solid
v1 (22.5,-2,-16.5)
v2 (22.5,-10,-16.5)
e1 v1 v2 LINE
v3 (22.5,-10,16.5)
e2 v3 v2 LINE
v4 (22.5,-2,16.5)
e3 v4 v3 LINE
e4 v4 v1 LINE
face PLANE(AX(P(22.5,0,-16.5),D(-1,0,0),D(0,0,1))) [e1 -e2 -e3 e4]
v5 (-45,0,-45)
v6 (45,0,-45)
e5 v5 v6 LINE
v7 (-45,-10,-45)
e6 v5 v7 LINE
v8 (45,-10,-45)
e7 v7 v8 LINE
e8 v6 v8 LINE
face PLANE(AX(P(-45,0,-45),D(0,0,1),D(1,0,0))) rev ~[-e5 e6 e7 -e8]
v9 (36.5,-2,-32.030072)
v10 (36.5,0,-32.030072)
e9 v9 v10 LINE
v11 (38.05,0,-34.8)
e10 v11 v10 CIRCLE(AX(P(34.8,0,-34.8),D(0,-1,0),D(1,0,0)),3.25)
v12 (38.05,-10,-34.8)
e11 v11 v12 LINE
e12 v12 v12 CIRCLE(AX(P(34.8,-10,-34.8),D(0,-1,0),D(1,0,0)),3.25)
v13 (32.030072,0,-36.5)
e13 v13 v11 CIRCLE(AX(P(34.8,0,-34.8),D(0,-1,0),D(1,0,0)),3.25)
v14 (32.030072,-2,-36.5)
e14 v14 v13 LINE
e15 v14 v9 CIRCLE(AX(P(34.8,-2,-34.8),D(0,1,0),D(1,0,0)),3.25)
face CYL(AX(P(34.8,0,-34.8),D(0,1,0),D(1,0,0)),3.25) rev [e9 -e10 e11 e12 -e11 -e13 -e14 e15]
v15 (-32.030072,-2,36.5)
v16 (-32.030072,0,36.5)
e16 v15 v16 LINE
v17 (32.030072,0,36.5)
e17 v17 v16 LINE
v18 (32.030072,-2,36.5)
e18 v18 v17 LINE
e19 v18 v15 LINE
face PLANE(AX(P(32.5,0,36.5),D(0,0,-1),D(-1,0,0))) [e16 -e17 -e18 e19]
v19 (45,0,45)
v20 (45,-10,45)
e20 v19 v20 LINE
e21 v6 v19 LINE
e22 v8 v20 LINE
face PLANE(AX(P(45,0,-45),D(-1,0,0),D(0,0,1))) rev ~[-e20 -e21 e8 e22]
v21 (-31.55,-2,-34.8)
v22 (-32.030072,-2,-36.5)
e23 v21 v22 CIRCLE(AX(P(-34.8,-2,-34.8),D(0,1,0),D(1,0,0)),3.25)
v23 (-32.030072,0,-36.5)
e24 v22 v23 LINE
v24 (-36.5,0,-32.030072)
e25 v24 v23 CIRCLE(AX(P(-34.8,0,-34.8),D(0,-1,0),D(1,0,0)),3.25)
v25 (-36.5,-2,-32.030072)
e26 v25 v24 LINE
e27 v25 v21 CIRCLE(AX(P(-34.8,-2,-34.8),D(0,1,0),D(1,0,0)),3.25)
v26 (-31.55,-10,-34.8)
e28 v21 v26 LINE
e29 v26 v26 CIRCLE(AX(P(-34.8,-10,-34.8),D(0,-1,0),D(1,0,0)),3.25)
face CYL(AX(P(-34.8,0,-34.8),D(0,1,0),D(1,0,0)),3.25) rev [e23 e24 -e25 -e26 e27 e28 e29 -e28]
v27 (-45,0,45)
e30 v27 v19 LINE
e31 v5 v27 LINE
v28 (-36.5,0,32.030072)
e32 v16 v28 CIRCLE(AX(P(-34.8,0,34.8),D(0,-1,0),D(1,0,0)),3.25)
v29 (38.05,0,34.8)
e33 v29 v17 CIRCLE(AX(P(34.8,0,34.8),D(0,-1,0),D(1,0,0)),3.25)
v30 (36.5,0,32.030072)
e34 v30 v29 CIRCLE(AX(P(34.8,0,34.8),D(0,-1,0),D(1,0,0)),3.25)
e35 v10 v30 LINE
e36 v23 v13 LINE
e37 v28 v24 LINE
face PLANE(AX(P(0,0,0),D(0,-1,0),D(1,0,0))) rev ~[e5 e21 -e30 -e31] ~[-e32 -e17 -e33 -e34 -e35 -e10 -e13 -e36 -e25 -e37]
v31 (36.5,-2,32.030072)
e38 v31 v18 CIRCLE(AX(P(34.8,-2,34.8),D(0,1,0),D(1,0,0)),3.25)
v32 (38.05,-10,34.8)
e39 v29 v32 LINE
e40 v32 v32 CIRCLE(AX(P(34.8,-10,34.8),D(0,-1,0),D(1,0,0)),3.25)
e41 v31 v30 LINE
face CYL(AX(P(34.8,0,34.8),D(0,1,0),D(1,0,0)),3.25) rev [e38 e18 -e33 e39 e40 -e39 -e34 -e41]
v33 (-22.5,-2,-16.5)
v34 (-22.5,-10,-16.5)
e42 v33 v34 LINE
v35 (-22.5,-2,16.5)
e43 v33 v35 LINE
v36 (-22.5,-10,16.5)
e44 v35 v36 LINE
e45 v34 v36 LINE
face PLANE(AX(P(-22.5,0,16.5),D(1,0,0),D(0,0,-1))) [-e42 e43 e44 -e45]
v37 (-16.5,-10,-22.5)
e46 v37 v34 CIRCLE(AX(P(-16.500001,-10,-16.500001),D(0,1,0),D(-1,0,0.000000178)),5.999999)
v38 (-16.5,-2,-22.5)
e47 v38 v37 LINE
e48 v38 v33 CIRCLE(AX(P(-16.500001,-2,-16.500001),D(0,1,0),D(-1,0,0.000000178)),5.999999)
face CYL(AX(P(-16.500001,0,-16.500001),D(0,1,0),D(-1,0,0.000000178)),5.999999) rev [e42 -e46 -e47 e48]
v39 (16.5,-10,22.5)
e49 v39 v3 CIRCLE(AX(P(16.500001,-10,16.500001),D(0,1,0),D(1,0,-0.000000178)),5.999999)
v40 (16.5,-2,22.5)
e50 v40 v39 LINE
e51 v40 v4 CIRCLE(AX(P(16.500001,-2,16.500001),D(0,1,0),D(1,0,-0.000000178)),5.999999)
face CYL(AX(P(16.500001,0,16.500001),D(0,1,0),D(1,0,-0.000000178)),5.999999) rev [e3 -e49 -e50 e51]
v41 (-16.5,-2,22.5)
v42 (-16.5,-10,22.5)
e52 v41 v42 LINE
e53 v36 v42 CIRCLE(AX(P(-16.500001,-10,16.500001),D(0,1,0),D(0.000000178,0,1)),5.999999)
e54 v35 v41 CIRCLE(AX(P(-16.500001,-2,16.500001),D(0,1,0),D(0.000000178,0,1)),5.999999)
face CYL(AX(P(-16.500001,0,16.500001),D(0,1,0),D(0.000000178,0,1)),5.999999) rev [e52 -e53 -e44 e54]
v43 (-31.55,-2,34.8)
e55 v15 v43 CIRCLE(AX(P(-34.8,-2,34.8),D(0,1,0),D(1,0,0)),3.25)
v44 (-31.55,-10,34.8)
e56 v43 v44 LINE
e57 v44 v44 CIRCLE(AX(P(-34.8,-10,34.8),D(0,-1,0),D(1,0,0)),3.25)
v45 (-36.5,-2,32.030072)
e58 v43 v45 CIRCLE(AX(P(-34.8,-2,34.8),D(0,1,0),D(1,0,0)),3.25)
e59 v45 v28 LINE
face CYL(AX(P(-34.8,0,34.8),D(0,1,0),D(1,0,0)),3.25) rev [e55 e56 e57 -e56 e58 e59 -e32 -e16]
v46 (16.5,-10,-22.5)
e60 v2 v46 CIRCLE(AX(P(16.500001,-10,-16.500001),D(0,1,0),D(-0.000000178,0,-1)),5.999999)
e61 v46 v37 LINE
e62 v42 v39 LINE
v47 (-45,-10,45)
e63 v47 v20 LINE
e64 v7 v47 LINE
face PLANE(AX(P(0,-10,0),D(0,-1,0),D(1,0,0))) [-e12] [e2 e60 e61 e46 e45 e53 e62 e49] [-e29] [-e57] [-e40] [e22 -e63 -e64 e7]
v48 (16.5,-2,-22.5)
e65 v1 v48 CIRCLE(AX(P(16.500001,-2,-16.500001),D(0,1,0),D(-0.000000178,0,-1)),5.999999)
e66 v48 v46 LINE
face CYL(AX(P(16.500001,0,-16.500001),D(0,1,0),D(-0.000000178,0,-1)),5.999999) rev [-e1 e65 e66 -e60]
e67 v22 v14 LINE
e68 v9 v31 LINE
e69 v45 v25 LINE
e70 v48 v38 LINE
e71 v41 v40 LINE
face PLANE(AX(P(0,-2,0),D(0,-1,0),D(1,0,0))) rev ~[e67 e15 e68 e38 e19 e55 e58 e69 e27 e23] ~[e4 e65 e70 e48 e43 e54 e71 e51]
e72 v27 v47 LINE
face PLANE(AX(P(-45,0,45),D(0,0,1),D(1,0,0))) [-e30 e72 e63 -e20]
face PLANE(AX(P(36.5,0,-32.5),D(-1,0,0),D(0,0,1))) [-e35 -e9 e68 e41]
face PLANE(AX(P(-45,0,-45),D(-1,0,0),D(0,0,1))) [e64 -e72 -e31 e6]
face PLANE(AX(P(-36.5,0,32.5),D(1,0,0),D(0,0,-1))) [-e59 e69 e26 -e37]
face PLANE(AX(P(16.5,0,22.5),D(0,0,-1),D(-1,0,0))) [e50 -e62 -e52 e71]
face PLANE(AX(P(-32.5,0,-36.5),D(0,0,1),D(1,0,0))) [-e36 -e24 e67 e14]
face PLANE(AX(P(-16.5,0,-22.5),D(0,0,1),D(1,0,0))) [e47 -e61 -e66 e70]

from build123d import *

# Parameters (mm, degrees)
F0_W     = 90
F0_H     = 90
F0_R     = 3.25
F1_DEPTH = 10
F3_DEPTH = 2
F5_DEPTH = 10.001


with BuildPart() as f1:
    # F0 (on Front) → F1 (new body)
    with BuildSketch(Plane.XZ):
        Rectangle(F0_W, F0_H)
        with Locations((-34.8, -34.8)):
            Circle(F0_R, mode=Mode.SUBTRACT)
        with Locations((34.8, -34.8)):
            Circle(F0_R, mode=Mode.SUBTRACT)
        with Locations((-34.8, 34.8)):
            Circle(F0_R, mode=Mode.SUBTRACT)
        with Locations((34.8, 34.8)):
            Circle(F0_R, mode=Mode.SUBTRACT)
    extrude(amount=F1_DEPTH)

    # F2 (on Front) → F3 (cut)
    with BuildSketch(Plane.XZ):
        with BuildLine():
            ThreePointArc((36.5, 32.5), (35.328427, 35.328427), (32.5, 36.5))
            Line((32.5, 36.5), (-32.5, 36.5))
            ThreePointArc((-32.5, 36.5), (-35.328427, 35.328427), (-36.5, 32.5))
            Line((-36.5, 32.5), (-36.5, -32.5))
            ThreePointArc((-36.5, -32.5), (-35.328427, -35.328427), (-32.5, -36.5))
            Line((-32.5, -36.5), (32.5, -36.5))
            ThreePointArc((32.5, -36.5), (35.328427, -35.328427), (36.5, -32.5))
            Line((36.5, -32.5), (36.5, 32.5))
        make_face()
    extrude(amount=F3_DEPTH, mode=Mode.SUBTRACT)

    # F4 (on Front) → F5 (cut, through all)
    with BuildSketch(Plane.XZ):
        with BuildLine():
            ThreePointArc((22.5, 16.5), (20.742641, 20.742641), (16.5, 22.5))
            Line((16.5, 22.5), (-16.5, 22.5))
            ThreePointArc((-16.5, 22.5), (-20.742641, 20.742641), (-22.5, 16.5))
            Line((-22.5, 16.5), (-22.5, -16.5))
            ThreePointArc((-22.5, -16.5), (-20.742641, -20.742641), (-16.5, -22.5))
            Line((-16.5, -22.5), (16.5, -22.5))
            ThreePointArc((16.5, -22.5), (20.742641, -20.742641), (22.5, -16.5))
            Line((22.5, -16.5), (22.5, 16.5))
        make_face()
    extrude(amount=F5_DEPTH, mode=Mode.SUBTRACT)


solid = f1.part
